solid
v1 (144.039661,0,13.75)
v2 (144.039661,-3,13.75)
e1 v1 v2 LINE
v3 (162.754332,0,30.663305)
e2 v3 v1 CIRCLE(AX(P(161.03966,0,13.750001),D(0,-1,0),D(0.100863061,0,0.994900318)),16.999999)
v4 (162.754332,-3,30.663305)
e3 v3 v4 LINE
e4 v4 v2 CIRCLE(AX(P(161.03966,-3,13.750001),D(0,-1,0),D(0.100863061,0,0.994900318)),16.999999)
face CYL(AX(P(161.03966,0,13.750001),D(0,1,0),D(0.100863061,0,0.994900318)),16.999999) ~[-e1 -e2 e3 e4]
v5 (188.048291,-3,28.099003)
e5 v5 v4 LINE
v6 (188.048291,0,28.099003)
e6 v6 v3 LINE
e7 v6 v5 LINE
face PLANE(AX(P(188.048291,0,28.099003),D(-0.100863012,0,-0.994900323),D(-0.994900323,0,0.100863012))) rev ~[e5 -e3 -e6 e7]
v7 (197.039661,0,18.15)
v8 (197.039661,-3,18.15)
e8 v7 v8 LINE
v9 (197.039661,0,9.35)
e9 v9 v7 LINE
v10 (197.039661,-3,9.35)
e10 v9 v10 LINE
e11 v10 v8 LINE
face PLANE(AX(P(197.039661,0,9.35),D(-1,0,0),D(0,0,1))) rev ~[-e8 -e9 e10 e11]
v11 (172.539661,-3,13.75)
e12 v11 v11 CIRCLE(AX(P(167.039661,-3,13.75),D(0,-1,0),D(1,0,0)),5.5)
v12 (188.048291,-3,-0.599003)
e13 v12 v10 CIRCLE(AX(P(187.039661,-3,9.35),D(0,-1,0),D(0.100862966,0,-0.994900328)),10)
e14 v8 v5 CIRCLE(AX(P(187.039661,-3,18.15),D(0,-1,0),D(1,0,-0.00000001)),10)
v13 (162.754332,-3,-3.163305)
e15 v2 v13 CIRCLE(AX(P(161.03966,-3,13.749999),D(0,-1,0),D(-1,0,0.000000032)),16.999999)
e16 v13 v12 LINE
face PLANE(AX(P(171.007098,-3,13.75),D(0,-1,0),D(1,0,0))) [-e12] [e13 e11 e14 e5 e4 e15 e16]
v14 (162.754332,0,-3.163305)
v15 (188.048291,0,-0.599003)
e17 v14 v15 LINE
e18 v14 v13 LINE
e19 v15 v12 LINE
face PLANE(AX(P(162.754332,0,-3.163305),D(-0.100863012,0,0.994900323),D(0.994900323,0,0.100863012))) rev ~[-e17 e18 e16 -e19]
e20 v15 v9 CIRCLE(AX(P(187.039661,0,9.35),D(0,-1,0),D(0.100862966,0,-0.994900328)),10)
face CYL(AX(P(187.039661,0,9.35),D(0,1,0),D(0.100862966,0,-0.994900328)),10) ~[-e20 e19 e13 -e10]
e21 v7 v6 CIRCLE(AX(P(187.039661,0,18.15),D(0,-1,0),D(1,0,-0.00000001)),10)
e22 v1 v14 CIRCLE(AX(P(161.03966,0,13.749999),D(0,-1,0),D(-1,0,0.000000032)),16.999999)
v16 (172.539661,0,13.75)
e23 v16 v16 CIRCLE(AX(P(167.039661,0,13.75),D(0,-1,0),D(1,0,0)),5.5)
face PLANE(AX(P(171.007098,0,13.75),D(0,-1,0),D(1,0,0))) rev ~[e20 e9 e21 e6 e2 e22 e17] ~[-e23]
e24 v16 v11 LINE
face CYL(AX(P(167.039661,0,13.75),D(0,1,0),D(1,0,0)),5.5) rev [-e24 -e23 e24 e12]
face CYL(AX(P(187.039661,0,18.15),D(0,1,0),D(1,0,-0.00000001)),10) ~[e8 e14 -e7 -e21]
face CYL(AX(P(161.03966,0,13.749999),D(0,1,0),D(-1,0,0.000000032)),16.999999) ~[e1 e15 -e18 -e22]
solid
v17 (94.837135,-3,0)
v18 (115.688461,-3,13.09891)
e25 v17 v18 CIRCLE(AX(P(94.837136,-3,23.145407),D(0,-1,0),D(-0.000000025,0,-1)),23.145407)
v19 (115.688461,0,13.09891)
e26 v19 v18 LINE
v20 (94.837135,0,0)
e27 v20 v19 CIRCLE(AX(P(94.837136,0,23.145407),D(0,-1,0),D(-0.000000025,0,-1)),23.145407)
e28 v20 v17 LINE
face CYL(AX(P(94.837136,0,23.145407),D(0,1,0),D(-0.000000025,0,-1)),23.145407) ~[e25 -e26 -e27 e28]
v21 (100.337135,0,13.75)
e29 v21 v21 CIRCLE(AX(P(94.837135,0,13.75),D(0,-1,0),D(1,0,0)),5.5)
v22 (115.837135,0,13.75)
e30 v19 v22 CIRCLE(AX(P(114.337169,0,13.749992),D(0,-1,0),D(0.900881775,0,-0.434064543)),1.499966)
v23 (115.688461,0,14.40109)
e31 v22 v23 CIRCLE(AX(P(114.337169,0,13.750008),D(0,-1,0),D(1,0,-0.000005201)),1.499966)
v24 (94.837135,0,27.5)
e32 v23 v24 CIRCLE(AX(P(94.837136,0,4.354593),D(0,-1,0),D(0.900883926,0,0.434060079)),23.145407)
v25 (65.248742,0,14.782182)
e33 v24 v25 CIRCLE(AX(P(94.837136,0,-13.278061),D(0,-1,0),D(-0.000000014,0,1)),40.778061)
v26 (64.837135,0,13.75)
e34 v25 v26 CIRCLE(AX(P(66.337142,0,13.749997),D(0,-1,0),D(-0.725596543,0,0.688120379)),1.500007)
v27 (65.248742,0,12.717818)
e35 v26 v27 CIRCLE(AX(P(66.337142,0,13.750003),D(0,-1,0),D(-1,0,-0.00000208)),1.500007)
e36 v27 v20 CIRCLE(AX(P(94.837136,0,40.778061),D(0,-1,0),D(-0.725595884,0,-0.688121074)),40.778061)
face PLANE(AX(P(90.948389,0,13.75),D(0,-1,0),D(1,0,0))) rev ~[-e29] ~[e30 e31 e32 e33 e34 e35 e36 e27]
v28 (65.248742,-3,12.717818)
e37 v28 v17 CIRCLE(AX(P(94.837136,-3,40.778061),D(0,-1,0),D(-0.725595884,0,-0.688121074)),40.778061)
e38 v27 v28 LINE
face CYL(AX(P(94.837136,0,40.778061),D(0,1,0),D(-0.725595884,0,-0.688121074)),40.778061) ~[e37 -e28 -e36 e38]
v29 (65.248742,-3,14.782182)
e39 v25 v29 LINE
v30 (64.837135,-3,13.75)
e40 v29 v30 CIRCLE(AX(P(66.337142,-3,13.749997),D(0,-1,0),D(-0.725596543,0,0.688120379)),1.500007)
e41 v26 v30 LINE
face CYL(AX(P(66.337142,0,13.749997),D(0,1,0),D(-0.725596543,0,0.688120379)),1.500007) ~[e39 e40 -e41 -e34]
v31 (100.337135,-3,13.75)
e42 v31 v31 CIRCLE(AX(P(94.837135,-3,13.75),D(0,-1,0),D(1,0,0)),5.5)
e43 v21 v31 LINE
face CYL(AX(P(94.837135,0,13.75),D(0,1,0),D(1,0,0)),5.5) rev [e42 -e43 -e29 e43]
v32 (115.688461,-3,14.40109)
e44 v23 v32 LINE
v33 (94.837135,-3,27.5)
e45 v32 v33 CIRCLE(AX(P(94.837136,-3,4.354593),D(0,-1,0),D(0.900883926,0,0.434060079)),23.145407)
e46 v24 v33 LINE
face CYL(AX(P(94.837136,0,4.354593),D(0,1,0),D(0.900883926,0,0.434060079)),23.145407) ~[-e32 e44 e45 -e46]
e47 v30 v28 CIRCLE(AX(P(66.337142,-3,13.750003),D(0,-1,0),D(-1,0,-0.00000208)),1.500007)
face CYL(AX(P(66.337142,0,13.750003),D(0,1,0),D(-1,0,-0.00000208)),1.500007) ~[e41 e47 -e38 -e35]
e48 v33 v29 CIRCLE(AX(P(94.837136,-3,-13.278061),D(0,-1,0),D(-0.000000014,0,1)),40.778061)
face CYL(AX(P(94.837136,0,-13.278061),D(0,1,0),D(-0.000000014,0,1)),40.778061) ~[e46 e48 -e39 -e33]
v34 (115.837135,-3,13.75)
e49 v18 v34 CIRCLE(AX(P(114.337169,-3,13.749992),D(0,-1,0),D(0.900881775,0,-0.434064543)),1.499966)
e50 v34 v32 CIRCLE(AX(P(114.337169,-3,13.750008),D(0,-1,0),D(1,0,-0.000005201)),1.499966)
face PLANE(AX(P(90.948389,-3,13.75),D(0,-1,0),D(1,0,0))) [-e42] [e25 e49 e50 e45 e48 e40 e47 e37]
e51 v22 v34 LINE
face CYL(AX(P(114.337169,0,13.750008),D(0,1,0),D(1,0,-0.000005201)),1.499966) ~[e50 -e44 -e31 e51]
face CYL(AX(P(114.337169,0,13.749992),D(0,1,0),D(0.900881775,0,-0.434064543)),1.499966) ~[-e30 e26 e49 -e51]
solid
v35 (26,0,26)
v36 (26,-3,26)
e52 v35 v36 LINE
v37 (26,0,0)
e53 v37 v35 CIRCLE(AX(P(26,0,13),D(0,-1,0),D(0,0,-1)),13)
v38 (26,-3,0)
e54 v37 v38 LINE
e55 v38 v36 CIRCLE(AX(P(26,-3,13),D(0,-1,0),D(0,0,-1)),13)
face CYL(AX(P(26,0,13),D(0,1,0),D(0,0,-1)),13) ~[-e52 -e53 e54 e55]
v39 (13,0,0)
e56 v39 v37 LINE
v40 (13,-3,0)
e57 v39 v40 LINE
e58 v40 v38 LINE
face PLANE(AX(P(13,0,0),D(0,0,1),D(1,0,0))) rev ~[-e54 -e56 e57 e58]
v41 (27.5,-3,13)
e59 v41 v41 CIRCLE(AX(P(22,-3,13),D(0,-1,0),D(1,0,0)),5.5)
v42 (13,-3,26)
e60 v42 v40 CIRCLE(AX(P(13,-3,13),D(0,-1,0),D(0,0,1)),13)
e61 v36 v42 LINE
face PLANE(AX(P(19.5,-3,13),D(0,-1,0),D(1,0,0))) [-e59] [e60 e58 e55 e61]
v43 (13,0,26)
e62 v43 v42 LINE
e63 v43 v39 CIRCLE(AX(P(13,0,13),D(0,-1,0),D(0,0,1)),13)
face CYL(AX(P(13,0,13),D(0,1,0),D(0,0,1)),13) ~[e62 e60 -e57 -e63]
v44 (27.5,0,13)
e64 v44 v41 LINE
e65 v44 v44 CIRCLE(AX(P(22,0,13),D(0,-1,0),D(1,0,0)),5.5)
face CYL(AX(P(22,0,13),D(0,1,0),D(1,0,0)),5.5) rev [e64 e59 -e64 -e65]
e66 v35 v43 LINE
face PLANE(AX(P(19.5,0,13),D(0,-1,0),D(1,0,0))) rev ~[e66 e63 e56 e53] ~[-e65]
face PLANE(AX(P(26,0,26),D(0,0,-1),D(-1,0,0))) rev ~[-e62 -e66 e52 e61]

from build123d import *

# Parameters (mm, degrees)
F0_R     = 5.5
F1_DEPTH = 3


with BuildPart() as f1:
    # F0 (on Front) → F1 (new body)
    with BuildSketch(Plane.XZ):
        with BuildLine():
            ThreePointArc((13, 26), (0, 13), (13, 0))
            Line((13, 0), (26, 0))
            ThreePointArc((26, 0), (39, 13), (26, 26))
            Line((26, 26), (13, 26))
        make_face()
        with Locations((22, 13)):
            Circle(F0_R, mode=Mode.SUBTRACT)
        with BuildLine():
            ThreePointArc((115.688461, 14.40109), (107.149317, 23.953574), (94.837135, 27.5))
            ThreePointArc((94.837135, 27.5), (78.734217, 24.185872), (65.248742, 14.782182))
            ThreePointArc((65.248742, 14.782182), (64.943832, 14.305612), (64.837135, 13.75))
            ThreePointArc((64.837135, 13.75), (64.943832, 13.194388), (65.248742, 12.717818))
            ThreePointArc((65.248742, 12.717818), (78.734217, 3.314128), (94.837135, 0))
            ThreePointArc((94.837135, 0), (107.149317, 3.546426), (115.688461, 13.09891))
            ThreePointArc((115.688461, 13.09891), (115.799495, 13.416075), (115.837135, 13.75))
            ThreePointArc((115.837135, 13.75), (115.799495, 14.083925), (115.688461, 14.40109))
        make_face()
        with Locations((94.837135, 13.75)):
            Circle(F0_R, mode=Mode.SUBTRACT)
        with BuildLine():
            Line((188.048291, 28.099003), (162.754332, 30.663305))
            ThreePointArc((162.754332, 30.663305), (149.641183, 26.362482), (144.039661, 13.75))
            ThreePointArc((144.039661, 13.75), (149.641183, 1.137518), (162.754332, -3.163305))
            Line((162.754332, -3.163305), (188.048291, -0.599003))
            ThreePointArc((188.048291, -0.599003), (194.458768, 2.645013), (197.039661, 9.35))
            Line((197.039661, 9.35), (197.039661, 13.75))
            Line((197.039661, 13.75), (197.039661, 18.15))
            ThreePointArc((197.039661, 18.15), (194.458768, 24.854987), (188.048291, 28.099003))
        make_face()
        with Locations((167.039661, 13.75)):
            Circle(F0_R, mode=Mode.SUBTRACT)
    extrude(amount=F1_DEPTH)


solid = f1.part
